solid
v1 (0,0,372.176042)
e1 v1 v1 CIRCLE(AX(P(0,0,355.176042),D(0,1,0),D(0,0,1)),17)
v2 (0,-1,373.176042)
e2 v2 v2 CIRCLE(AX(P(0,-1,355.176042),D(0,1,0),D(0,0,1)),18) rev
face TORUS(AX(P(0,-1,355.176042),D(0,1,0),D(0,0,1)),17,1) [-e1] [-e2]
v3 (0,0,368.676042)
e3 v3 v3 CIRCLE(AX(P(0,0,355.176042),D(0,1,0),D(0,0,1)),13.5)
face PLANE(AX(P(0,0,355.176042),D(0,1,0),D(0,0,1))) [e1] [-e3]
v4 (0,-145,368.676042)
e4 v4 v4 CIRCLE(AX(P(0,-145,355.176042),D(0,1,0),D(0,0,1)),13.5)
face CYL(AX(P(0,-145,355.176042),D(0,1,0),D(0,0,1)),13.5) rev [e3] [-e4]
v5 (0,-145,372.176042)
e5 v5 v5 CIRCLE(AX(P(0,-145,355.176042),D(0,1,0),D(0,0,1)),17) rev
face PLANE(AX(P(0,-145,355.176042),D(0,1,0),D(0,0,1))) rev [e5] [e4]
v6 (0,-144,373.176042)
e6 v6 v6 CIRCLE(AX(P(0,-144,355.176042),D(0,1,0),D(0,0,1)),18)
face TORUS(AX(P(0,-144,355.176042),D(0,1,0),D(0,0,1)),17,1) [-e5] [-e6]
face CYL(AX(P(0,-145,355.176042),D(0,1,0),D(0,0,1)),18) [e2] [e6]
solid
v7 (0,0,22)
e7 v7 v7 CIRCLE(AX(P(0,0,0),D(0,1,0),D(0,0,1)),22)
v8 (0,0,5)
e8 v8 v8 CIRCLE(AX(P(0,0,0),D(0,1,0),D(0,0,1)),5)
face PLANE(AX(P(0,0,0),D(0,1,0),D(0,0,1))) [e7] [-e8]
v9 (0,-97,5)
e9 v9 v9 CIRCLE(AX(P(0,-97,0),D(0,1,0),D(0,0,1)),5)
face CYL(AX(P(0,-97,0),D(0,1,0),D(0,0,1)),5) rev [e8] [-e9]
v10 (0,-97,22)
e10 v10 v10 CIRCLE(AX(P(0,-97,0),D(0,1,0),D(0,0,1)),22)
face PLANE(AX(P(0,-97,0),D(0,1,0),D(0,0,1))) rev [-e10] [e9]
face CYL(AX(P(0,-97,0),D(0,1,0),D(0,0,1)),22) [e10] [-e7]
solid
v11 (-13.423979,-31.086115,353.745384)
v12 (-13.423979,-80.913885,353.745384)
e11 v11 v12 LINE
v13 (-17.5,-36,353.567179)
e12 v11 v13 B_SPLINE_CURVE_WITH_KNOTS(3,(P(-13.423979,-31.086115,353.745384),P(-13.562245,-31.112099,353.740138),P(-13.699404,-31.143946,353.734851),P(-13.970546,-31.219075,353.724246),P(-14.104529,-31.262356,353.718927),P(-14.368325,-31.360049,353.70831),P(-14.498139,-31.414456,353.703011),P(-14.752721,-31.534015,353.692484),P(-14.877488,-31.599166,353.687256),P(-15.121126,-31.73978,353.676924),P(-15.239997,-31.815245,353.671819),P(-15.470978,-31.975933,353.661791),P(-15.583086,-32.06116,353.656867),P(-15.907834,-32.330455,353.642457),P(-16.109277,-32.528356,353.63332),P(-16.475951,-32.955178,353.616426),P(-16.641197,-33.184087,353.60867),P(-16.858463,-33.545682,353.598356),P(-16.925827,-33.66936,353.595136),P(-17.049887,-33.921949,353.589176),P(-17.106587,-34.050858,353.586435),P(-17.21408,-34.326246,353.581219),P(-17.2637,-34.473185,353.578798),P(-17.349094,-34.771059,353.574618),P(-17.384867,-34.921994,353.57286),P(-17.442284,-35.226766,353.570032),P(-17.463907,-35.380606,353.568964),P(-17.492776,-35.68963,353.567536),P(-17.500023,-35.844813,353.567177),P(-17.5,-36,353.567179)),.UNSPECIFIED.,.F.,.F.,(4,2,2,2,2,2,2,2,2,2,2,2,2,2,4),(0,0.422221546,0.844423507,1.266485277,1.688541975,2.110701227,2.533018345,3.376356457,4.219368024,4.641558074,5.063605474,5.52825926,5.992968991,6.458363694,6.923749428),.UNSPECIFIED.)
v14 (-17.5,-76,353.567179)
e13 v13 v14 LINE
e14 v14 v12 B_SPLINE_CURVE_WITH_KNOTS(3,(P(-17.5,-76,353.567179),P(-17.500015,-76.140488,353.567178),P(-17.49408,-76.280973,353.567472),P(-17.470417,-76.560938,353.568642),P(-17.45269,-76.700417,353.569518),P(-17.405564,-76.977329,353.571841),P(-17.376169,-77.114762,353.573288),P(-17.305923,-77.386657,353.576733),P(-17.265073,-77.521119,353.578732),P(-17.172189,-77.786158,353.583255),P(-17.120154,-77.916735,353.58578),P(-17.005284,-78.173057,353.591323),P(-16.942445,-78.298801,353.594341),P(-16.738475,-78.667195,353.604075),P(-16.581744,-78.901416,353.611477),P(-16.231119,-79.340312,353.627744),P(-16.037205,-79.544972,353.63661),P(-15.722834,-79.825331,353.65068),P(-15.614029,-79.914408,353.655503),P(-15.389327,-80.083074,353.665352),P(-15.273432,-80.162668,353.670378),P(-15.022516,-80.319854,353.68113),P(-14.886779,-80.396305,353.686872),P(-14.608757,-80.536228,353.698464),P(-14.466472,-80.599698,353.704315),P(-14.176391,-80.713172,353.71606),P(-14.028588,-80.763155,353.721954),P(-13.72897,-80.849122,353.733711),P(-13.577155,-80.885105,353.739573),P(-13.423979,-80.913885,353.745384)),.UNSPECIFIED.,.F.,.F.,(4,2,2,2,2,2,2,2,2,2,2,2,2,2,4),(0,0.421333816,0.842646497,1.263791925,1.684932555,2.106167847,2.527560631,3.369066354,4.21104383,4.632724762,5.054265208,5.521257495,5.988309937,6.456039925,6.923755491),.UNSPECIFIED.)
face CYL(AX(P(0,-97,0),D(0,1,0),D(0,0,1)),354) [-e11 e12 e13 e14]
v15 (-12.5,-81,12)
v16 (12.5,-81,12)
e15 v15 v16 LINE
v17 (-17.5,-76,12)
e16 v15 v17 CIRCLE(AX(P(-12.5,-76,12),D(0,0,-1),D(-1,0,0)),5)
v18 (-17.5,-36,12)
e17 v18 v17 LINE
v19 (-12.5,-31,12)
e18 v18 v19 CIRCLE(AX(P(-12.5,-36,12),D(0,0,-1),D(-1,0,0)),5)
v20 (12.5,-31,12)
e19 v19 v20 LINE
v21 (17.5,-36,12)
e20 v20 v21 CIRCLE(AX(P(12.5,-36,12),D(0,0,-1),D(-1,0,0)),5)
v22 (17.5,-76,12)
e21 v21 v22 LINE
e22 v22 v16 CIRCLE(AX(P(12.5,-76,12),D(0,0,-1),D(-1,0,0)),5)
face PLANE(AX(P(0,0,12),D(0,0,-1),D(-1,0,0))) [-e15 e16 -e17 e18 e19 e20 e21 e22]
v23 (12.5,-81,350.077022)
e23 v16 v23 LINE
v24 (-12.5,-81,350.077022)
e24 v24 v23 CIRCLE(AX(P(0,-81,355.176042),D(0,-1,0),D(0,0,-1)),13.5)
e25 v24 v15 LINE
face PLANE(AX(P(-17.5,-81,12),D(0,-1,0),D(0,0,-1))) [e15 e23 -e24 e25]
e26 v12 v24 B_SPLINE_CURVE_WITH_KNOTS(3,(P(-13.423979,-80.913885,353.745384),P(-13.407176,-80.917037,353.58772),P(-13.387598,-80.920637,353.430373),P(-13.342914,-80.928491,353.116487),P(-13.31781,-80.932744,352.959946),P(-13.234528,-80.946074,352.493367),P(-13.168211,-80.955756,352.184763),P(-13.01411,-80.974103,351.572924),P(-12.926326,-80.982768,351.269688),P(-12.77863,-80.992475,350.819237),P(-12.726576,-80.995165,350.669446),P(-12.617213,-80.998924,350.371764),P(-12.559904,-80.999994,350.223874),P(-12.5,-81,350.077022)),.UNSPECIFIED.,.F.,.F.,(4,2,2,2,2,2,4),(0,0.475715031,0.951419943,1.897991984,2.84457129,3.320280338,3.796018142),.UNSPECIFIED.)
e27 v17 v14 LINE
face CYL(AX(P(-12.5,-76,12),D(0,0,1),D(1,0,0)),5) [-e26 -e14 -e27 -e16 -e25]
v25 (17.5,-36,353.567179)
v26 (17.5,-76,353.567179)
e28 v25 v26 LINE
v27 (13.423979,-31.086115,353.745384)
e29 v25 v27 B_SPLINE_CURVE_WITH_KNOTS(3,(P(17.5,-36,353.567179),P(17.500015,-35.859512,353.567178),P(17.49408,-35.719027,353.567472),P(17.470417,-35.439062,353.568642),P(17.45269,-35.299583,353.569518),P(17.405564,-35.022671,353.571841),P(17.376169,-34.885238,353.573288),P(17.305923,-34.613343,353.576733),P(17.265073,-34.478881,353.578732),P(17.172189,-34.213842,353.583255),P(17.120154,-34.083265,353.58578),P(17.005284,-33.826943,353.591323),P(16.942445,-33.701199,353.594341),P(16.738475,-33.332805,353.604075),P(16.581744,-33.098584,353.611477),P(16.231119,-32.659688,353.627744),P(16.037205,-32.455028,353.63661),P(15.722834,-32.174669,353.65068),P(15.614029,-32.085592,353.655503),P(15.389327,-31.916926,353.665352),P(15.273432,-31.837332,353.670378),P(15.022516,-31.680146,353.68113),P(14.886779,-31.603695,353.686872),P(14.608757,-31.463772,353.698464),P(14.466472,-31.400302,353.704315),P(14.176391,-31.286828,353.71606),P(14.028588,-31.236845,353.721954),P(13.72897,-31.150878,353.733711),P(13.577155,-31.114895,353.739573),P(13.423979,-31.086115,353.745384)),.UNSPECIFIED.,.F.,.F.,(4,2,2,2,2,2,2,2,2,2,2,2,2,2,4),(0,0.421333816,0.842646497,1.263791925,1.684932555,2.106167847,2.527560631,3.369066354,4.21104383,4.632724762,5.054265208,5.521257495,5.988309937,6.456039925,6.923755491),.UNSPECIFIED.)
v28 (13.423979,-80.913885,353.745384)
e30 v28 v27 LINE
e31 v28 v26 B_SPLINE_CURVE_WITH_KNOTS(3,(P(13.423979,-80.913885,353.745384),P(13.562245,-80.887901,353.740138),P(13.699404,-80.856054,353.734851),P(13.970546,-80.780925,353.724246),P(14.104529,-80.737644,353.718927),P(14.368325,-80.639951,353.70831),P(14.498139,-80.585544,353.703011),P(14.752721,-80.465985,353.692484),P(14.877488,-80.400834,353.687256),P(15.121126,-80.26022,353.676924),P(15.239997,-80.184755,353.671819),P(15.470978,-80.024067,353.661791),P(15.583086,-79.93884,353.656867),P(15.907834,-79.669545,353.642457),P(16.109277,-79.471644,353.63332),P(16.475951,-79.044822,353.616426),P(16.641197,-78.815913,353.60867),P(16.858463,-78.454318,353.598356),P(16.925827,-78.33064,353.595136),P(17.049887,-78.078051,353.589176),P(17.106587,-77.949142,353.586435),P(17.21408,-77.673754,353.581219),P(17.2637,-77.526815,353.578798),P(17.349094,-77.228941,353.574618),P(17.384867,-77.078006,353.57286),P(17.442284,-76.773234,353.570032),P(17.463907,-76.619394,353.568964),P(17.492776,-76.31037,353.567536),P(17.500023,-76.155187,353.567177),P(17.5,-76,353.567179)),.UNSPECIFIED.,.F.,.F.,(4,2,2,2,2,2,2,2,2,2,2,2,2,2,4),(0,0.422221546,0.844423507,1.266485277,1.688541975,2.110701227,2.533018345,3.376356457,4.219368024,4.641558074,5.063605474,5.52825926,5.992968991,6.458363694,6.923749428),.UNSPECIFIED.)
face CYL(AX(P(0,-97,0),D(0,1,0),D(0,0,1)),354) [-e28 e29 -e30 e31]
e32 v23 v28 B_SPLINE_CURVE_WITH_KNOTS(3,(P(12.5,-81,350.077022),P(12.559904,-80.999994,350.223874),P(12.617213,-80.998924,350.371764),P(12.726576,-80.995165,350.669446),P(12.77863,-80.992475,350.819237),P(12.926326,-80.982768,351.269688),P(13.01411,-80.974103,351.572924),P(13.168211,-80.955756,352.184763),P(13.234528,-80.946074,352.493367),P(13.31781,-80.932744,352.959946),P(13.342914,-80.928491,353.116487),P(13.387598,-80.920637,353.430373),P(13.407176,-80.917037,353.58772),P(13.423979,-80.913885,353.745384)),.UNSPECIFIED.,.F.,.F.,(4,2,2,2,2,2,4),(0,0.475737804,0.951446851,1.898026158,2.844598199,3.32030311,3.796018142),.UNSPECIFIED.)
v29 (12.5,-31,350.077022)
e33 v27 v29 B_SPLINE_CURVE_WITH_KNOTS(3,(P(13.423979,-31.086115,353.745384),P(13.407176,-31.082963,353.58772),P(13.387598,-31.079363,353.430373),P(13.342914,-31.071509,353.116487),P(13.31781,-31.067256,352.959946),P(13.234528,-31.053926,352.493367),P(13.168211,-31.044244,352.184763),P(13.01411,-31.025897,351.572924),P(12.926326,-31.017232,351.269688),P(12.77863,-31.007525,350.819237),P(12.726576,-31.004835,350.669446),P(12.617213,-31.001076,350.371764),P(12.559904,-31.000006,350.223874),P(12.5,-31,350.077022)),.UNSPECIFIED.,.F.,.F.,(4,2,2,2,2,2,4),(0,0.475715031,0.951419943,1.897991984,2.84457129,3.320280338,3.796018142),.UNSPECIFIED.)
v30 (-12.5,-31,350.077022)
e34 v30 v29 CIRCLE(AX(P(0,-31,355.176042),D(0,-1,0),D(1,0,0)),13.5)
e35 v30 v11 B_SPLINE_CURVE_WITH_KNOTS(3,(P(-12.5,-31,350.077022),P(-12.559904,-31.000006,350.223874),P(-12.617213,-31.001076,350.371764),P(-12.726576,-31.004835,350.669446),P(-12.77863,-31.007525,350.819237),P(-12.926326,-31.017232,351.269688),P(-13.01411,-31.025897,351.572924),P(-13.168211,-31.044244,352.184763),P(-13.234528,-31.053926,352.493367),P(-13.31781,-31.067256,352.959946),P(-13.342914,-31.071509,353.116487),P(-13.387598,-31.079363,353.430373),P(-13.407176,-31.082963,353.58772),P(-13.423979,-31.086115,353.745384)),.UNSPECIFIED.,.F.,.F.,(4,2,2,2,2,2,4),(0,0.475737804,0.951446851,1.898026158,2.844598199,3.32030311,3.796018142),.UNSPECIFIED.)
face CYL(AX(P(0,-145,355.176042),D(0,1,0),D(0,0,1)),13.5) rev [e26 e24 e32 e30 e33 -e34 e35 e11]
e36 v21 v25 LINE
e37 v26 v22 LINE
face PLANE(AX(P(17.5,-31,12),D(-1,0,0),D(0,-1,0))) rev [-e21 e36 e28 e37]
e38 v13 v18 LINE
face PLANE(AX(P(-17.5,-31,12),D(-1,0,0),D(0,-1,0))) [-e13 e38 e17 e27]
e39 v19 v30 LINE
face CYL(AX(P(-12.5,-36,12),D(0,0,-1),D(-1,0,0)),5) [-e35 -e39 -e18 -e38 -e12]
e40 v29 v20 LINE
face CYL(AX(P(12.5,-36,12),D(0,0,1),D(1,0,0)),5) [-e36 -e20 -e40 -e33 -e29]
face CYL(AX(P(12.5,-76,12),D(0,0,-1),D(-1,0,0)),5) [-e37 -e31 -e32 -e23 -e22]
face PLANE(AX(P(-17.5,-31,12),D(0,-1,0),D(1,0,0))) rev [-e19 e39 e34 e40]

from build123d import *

# Parameters (mm, degrees)
SKETCH1_R                       = 22
BOSS_EXTRUDE1_DEPTH             = 97
SKETCH2_R                       = 5
CUT_EXTRUDE1_DEPTH              = 102.867561078
BOSS_EXTRUDE2_REACH             = 332.567
BOSS_EXTRUDE2_END_RADIUS        = 354
SKETCH6_W                       = 35
SKETCH6_H                       = 50
BOSS_EXTRUDE2_DIRECTION_2_DEPTH = 10
SKETCH7_R                       = 18
BOSS_EXTRUDE3_DEPTH             = 145
SKETCH8_R                       = 13.5
CUT_EXTRUDE2_DEPTH              = 401.960544509
FILLET1_R                       = 5
FILLET2_R                       = 1


with BuildPart() as part:
    # Sketch1 → Boss-Extrude1 (new body)
    with BuildSketch(Plane(origin=(0, 0, 0), x_dir=(1, 0, 0), z_dir=(0, 1, 0))):
        with Locations(Location((0, 0, 0), (0, 0, 270))):
            Circle(SKETCH1_R)
    extrude(amount=-BOSS_EXTRUDE1_DEPTH)

    # Sketch2 → Cut-Extrude1 (cut, through all)
    with BuildSketch(Plane(origin=(0, 0, 0), x_dir=(1, 0, 0), z_dir=(0, 1, 0))):
        with Locations(Location((0, 0, 0), (0, 0, 270))):
            Circle(SKETCH2_R)
    extrude(amount=-CUT_EXTRUDE1_DEPTH, mode=Mode.SUBTRACT)


with BuildPart() as body_2:
    # Boss-Extrude2: up to this cylinder (the profile starts inside it)
    boss_extrude2_end = Plane(origin=(0, -56, 0), z_dir=(0, 1, 0)) * Cylinder(BOSS_EXTRUDE2_END_RADIUS, 1374.134, mode=Mode.PRIVATE)
    # Sketch6 → Boss-Extrude2 (new, up to the surface)
    with BuildSketch(Plane.XY.offset(22), mode=Mode.PRIVATE) as boss_extrude2_sk1:
        with Locations((0, -56)):
            Rectangle(SKETCH6_W, SKETCH6_H)
    boss_extrude2_tool1 = extrude(boss_extrude2_sk1.sketch, amount=BOSS_EXTRUDE2_REACH, mode=Mode.PRIVATE) & boss_extrude2_end
    add(boss_extrude2_tool1.solids().sort_by_distance((0, -56, 22))[0])

    # Sketch6 → Boss-Extrude2 direction 2 (add)
    with BuildSketch(Plane.XY.offset(22)):
        with Locations((0, -56)):
            Rectangle(SKETCH6_W, SKETCH6_H)
    extrude(amount=-BOSS_EXTRUDE2_DIRECTION_2_DEPTH)


with BuildPart() as body_3:
    # Sketch7 → Boss-Extrude3 (new body)
    with BuildSketch(Plane(origin=(0, 0, 0), x_dir=(1, 0, 0), z_dir=(0, 1, 0))):
        with Locations(Location((0, -355.176041906, 0), (0, 0, 270))):
            Circle(SKETCH7_R)
    extrude(amount=-BOSS_EXTRUDE3_DEPTH)


with BuildPart() as cut_extrude2_tool:
    # Sketch8 → Cut-Extrude2 (new, through all)
    with BuildSketch(Plane(origin=(0, 0, 0), x_dir=(1, 0, 0), z_dir=(0, 1, 0))):
        with Locations(Location((0, -355.176041906, 0), (0, 0, 270))):
            Circle(SKETCH8_R)
    extrude(amount=-CUT_EXTRUDE2_DEPTH)


with BuildPart() as body_2_1:
    add(body_2.part)

    # Cut-Extrude2: cut by cut_extrude2_tool
    add(cut_extrude2_tool.part, mode=Mode.SUBTRACT)

    # Fillet1
    fillet1_edges = [body_2_1.edges().sort_by_distance(p)[0] for p in [
        (-17.5, -81, 182.783589453),
        (-17.5, -31, 182.783589453),
        (17.5, -31, 182.783589453),
        (17.5, -81, 182.783589453),
    ]]
    fillet(fillet1_edges, radius=FILLET1_R)


with BuildPart() as body_3_1:
    add(body_3.part)

    # Cut-Extrude2: cut by cut_extrude2_tool
    add(cut_extrude2_tool.part, mode=Mode.SUBTRACT)

    # Fillet2
    fillet2_edges = [body_3_1.edges().sort_by_distance(p)[0] for p in [
        (0, 0, 337.176041906),
        (0, -145, 337.176041906),
    ]]
    fillet(fillet2_edges, radius=FILLET2_R)


solid = Compound([part.part, body_2_1.part, body_3_1.part])
